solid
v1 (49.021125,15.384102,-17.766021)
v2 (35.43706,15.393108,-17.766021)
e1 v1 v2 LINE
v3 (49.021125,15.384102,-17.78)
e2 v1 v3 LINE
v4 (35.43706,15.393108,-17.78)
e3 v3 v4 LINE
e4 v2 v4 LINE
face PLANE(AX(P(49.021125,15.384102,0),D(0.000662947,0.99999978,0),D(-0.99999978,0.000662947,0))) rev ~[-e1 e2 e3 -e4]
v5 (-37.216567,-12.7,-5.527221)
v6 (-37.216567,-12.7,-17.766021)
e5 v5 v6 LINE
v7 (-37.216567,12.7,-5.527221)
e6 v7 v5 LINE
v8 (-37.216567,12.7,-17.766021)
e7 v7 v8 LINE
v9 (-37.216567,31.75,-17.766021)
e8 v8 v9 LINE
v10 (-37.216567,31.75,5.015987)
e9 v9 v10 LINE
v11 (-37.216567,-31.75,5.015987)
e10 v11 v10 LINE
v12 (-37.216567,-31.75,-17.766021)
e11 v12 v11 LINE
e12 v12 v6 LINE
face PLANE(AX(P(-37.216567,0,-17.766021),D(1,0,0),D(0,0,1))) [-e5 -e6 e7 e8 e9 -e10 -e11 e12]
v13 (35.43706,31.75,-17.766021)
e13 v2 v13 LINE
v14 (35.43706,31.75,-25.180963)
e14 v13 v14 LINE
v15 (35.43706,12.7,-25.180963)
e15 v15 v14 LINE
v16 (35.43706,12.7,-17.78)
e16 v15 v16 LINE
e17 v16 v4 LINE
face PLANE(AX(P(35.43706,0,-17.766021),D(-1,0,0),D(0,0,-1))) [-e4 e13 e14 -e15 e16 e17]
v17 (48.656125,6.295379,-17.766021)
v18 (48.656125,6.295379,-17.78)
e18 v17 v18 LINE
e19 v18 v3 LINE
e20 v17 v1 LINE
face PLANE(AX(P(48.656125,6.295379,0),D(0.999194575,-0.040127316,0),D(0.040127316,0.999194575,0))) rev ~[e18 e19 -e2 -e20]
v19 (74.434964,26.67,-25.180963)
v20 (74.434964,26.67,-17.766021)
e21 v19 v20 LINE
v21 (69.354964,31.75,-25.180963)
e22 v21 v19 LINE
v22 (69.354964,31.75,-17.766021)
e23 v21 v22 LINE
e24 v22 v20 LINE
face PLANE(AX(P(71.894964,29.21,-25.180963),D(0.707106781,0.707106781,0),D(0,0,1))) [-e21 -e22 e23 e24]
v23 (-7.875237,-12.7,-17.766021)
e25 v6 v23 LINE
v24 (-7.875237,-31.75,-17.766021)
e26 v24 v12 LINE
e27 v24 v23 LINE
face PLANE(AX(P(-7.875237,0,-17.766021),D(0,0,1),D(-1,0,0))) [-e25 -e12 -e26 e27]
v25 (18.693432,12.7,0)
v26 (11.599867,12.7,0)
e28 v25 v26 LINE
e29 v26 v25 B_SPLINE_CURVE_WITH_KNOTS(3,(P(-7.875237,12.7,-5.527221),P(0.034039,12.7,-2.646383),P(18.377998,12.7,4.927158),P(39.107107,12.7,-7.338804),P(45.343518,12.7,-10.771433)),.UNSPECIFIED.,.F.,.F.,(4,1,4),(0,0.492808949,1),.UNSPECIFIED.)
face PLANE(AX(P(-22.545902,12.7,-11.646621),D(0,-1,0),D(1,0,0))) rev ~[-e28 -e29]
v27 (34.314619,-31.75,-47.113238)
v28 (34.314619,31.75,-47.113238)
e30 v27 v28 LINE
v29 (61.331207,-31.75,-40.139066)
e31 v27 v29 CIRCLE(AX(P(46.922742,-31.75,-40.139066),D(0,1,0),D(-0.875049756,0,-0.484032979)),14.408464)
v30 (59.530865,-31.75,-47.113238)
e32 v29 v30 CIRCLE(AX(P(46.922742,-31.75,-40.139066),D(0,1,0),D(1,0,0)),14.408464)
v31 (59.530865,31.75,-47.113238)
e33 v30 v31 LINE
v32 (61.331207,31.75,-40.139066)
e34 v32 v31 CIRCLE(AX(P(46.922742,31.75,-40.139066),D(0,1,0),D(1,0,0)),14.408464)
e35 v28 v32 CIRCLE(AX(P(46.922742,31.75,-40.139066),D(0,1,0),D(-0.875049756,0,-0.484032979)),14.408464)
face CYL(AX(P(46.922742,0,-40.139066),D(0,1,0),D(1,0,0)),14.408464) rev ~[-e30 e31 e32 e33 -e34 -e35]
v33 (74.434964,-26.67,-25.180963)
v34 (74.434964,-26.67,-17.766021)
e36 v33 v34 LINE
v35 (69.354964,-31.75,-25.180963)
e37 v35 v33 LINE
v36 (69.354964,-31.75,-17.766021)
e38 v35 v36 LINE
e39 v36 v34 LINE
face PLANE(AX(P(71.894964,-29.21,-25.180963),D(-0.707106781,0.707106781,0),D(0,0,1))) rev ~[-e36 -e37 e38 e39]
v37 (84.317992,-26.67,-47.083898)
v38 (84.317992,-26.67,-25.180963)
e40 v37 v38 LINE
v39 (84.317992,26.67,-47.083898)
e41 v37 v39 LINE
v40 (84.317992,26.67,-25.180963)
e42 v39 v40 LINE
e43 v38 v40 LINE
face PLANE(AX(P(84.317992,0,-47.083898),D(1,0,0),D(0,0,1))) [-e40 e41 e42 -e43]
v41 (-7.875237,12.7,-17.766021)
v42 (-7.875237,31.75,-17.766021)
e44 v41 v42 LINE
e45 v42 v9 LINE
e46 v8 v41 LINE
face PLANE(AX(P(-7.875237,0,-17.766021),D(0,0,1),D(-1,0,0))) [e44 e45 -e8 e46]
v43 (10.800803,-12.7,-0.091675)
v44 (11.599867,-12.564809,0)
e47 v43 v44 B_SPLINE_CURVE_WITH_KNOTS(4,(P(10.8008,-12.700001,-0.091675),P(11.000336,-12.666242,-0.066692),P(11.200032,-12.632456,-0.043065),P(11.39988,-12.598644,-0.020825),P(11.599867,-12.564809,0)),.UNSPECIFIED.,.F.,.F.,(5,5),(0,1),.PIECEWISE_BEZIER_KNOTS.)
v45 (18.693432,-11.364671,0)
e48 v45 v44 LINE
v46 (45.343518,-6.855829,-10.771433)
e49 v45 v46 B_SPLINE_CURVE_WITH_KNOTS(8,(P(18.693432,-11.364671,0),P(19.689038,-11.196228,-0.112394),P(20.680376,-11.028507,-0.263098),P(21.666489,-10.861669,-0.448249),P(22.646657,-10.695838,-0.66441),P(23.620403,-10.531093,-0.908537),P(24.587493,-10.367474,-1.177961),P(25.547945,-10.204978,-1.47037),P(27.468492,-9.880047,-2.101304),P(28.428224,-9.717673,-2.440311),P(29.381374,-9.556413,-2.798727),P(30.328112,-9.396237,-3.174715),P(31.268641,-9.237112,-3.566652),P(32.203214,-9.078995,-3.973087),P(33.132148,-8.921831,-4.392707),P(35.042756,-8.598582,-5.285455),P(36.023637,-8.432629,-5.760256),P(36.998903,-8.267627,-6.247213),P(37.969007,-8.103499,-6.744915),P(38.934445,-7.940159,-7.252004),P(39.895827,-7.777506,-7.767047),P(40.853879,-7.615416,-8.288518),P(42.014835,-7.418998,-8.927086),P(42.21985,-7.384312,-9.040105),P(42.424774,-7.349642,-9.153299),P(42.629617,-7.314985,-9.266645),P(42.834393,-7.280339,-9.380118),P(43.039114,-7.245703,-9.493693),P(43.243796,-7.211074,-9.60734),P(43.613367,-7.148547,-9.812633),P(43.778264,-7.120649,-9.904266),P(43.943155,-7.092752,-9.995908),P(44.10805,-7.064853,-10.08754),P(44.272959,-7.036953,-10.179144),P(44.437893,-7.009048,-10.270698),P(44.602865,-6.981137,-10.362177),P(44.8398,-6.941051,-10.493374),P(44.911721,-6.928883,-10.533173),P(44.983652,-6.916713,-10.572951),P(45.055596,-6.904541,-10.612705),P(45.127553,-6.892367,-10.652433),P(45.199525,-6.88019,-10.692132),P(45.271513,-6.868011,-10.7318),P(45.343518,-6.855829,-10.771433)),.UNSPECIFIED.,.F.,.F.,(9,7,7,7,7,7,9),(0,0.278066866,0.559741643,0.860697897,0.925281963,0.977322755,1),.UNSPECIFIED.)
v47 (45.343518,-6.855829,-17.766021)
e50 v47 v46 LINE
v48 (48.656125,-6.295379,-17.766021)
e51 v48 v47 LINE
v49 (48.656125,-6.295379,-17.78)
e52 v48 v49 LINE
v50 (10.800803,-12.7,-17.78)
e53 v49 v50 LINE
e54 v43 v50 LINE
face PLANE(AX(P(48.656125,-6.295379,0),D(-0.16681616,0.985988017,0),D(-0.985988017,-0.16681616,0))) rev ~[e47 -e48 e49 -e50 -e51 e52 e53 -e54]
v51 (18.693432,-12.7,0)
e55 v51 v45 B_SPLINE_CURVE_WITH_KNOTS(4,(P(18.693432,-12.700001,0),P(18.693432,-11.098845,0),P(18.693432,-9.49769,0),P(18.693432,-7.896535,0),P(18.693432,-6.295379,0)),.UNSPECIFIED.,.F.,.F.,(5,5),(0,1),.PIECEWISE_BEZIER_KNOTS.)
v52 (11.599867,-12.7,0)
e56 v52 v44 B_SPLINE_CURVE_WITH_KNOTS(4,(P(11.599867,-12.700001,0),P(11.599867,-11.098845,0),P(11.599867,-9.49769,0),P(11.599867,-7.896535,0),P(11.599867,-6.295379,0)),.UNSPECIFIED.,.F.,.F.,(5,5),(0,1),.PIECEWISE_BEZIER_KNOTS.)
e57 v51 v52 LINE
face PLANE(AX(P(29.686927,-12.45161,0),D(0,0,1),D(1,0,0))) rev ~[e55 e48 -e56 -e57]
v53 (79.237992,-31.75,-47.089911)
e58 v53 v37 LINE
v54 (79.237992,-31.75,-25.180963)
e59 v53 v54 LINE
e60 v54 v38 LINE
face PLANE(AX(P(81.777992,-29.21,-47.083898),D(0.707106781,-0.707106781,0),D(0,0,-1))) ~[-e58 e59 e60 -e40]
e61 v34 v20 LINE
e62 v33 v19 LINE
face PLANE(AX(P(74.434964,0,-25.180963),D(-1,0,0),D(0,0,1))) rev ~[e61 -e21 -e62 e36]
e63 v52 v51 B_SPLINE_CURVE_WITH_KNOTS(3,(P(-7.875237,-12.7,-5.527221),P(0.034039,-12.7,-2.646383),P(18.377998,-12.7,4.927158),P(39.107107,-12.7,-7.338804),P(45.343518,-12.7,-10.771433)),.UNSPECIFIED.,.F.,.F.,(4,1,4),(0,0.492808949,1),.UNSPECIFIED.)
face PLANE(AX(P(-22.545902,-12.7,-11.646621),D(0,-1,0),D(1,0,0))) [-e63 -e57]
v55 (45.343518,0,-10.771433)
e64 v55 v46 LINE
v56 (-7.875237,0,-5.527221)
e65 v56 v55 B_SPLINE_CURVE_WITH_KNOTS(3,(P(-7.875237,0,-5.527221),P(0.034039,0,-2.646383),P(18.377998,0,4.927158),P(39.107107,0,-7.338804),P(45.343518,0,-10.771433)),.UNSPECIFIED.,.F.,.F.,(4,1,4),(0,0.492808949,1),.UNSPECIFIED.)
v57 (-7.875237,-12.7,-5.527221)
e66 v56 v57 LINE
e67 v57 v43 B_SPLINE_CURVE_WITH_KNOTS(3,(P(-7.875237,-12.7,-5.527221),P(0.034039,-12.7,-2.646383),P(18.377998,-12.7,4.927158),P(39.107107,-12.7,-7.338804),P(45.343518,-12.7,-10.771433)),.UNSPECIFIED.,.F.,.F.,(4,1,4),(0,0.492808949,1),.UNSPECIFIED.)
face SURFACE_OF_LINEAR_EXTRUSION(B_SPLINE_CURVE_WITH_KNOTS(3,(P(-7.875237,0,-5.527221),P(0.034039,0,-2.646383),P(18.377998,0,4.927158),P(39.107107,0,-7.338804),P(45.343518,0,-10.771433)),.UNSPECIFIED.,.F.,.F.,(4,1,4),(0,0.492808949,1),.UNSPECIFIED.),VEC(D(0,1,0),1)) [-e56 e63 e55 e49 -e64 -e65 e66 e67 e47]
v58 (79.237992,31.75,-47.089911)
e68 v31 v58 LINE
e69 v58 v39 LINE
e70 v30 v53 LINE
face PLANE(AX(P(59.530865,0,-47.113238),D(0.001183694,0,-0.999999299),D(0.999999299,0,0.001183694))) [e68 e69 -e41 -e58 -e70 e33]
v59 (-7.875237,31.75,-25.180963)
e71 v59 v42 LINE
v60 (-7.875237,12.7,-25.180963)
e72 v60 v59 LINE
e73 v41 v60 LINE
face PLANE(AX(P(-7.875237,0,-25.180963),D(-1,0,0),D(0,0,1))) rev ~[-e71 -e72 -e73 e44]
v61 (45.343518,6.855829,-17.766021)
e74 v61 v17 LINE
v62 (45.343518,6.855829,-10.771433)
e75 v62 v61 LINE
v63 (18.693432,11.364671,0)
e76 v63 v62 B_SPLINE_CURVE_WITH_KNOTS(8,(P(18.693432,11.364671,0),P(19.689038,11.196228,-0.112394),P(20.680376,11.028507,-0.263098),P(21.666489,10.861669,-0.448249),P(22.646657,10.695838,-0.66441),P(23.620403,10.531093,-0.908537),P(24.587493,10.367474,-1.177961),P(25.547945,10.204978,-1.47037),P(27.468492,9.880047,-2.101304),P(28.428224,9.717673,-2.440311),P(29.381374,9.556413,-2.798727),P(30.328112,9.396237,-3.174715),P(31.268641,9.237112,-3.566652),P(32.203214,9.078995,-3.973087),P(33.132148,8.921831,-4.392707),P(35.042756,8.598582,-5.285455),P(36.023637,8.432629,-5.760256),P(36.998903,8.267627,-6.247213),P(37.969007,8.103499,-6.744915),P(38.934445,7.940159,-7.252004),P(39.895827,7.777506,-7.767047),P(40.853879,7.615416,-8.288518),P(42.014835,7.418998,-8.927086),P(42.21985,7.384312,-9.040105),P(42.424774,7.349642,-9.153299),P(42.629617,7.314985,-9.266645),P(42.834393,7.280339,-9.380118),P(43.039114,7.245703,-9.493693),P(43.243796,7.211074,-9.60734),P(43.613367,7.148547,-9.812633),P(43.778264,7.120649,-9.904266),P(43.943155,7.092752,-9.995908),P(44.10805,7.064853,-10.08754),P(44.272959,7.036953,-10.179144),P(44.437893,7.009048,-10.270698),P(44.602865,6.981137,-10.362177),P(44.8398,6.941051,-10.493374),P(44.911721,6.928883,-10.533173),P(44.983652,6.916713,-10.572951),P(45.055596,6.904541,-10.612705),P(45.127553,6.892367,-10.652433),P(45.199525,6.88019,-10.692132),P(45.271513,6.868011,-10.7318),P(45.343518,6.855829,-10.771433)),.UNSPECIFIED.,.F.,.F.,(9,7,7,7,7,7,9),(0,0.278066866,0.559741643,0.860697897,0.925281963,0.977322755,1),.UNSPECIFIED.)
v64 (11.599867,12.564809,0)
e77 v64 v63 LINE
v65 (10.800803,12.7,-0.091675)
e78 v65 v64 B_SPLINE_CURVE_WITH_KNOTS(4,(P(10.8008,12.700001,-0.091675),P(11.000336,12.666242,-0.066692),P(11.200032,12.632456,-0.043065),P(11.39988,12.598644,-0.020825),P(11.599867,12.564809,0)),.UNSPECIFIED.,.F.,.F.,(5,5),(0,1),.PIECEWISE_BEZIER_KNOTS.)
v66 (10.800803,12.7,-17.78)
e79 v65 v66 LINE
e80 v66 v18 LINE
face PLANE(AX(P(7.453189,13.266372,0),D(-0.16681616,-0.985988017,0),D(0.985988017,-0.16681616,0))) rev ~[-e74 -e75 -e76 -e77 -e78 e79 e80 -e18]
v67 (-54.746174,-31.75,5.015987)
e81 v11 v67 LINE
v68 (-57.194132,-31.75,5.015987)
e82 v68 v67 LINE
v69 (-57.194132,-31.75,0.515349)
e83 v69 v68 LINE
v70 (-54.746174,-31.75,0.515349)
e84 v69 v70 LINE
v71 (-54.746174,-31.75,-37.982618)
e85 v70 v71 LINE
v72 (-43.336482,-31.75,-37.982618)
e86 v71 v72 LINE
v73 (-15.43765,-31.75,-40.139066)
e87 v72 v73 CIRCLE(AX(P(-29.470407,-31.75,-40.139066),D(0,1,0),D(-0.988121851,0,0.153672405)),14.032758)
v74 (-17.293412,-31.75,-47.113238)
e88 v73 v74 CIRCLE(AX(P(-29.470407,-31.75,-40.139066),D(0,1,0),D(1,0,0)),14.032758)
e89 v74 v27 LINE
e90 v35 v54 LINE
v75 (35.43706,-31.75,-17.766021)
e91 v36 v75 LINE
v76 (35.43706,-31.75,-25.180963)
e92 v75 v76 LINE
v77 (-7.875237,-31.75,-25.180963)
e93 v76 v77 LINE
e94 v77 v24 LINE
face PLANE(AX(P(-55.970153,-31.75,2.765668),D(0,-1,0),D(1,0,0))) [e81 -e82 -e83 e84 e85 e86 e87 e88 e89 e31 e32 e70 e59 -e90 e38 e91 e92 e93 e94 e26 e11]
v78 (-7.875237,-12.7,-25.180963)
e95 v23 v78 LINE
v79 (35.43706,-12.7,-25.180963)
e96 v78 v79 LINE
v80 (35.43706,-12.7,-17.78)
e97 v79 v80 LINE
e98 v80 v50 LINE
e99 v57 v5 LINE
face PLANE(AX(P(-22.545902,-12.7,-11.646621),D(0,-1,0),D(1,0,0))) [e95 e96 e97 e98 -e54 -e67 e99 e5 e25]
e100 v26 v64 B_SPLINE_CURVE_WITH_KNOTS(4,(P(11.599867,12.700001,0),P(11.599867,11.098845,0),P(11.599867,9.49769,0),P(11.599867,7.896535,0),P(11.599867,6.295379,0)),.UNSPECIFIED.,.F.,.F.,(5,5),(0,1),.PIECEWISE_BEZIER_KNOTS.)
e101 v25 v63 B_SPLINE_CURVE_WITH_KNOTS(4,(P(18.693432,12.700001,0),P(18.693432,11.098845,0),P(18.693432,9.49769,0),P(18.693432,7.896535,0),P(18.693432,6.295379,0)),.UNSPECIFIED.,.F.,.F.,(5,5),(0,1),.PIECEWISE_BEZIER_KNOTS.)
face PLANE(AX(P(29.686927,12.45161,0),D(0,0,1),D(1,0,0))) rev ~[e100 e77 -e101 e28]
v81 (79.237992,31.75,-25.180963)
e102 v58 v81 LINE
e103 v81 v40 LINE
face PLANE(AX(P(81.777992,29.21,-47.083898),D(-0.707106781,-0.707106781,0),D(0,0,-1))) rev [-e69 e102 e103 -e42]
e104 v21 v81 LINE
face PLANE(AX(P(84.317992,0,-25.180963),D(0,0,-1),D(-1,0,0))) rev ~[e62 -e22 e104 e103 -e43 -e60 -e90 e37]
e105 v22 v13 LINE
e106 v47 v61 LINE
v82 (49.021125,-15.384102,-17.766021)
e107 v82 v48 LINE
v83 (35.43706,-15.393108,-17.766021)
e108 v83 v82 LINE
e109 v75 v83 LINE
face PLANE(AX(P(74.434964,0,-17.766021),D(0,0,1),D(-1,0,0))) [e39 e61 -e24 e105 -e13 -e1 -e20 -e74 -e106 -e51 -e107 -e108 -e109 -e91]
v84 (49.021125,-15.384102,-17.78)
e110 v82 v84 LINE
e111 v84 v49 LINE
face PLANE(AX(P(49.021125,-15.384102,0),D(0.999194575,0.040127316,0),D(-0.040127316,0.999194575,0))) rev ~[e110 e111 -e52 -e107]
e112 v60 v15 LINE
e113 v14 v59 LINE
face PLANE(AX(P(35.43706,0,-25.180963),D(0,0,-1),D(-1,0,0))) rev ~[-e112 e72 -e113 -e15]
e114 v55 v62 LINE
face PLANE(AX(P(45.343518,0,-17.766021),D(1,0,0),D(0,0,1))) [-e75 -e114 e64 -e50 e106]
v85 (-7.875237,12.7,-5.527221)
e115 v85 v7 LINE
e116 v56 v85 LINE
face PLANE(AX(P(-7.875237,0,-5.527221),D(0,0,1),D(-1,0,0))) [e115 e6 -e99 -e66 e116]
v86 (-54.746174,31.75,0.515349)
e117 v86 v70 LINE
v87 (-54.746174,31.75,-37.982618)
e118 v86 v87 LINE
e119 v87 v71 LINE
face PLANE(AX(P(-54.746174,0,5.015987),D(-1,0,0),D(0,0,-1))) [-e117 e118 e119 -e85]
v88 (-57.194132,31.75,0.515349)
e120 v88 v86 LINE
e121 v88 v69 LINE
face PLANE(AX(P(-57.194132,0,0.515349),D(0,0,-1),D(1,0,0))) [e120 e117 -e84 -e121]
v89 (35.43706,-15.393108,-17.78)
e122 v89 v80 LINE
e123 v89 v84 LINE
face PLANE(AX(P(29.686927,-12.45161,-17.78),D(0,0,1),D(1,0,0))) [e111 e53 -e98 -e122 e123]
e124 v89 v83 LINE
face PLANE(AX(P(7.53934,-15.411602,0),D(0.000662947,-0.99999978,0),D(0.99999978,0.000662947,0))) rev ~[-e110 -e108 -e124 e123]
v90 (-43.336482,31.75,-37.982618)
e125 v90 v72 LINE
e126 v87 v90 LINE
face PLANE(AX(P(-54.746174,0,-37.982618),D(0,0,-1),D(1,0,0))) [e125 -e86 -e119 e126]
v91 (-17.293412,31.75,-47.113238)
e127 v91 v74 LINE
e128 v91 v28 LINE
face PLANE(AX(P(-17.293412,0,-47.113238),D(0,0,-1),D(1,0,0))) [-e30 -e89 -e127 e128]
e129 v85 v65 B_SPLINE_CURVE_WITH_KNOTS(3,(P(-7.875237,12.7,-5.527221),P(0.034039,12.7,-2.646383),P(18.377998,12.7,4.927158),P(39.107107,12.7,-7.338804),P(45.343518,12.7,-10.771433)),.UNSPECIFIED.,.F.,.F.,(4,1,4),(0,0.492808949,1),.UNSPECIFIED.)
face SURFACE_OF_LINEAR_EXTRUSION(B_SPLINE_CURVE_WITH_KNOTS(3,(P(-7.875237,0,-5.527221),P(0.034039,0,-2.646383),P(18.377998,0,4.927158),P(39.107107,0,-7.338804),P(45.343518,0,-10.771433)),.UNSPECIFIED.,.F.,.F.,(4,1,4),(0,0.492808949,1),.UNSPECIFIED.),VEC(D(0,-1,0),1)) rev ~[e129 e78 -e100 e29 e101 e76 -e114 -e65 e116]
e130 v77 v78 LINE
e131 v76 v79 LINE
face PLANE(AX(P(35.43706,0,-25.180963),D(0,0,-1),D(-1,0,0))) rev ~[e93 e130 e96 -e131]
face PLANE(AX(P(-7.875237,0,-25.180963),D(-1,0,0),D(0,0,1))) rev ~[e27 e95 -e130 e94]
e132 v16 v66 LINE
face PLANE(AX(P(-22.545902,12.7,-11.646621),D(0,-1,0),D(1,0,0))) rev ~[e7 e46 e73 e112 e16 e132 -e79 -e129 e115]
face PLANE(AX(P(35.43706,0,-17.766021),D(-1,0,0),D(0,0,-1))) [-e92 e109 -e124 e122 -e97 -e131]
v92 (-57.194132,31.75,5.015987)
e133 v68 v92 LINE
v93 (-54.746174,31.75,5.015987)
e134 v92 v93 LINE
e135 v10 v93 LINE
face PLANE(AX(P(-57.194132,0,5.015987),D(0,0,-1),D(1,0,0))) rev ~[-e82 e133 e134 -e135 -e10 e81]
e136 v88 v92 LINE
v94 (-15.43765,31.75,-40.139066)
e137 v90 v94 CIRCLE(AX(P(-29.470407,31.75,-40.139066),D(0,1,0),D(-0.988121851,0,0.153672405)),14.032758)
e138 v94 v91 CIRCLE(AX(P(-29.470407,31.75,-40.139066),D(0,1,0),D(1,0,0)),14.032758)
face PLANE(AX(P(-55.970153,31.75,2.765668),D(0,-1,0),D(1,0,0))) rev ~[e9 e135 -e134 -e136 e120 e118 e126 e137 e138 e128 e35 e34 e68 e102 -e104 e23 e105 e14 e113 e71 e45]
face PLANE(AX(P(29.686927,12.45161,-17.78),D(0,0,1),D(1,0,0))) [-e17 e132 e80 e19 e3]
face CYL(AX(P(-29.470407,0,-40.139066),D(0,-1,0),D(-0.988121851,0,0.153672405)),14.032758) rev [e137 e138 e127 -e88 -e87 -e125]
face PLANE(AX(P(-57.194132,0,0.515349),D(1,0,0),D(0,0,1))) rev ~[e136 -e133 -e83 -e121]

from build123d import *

# Parameters (mm, degrees)
F1_DEPTH = 31.75
F2_DEPTH = 12.7
F3_DEPTH = 12.7
F0_W     = 2.4479581043
F0_H     = 4.5006387227
F4_DEPTH = 31.75
F5_SIZE  = 5.08
F7_DEPTH = 17.78


with BuildPart() as f1:
    # F0 (on Front) → F1 (new body, symmetric)
    with BuildSketch(Plane.XZ):
        with BuildLine():
            Line((-37.2165674344, 5.0159874372), (-54.7461742535, 5.0159874372))
            Line((-54.7461742535, 5.0159874372), (-54.7461742535, 0.5153487145))
            Line((-54.7461742535, 0.5153487145), (-54.7461742535, -37.9826184362))
            Line((-54.7461742535, -37.9826184362), (-43.3364818902, -37.9826184362))
            ThreePointArc((-43.3364818902, -37.9826184362), (-28.3889674357, -26.1480412328), (-15.4376497281, -40.1390660554))
            ThreePointArc((-15.4376497281, -40.1390660554), (-15.9095240894, -43.7474911576), (-17.2934120834, -47.1132379025))
            Line((-17.2934120834, -47.1132379025), (34.3146193156, -47.1132379025))
            ThreePointArc((34.3146193156, -47.1132379025), (43.3213433173, -26.1879454869), (61.3312065818, -40.1390660554))
            ThreePointArc((61.3312065818, -40.1390660554), (60.8738629577, -43.7404651272), (59.5308654627, -47.1132379025))
            Line((59.5308654627, -47.1132379025), (84.3179924414, -47.0838975161))
            Line((84.3179924414, -47.0838975161), (84.3179924414, -25.180962868))
            Line((84.3179924414, -25.180962868), (74.4349635206, -25.180962868))
            Line((74.4349635206, -25.180962868), (74.4349635206, -17.7660211921))
            Line((74.4349635206, -17.7660211921), (45.3435182571, -17.7660211921))
            Line((45.3435182571, -17.7660211921), (35.4370600544, -17.7660211921))
            Line((35.4370600544, -17.7660211921), (35.4370600544, -25.180962868))
            Line((35.4370600544, -25.180962868), (-7.8752368445, -25.180962868))
            Line((-7.8752368445, -25.180962868), (-7.8752368445, -17.7660211921))
            Line((-7.8752368445, -17.7660211921), (-37.2165674344, -17.7660211921))
            Line((-37.2165674344, -17.7660211921), (-37.2165674344, -5.5272214778))
            Line((-37.2165674344, -5.5272214778), (-37.2165674344, 5.0159874372))
        make_face()
    extrude(amount=F1_DEPTH, both=True)

    # F0 (on Front) → F2 (join, symmetric)
    with BuildSketch(Plane.XZ):
        with BuildLine():
            add(Edge.make_bspline(
                [(-7.8752368445, -5.5272214778), (0.0340392295, -2.6463832002), (18.3779976424, 4.9271584445), (39.107106626, -7.3388037272), (45.3435182571, -10.7714328915)],
                knots=[0, 0, 0, 0, 0.4928089492, 1, 1, 1, 1], degree=3))
            Line((-7.8752368445, -5.5272214778), (-7.8752368445, -14.7637212649))
            Line((-7.8752368445, -14.7637212649), (-7.8752368445, -17.7660211921))
            Line((-7.8752368445, -17.7660211921), (-7.8752368445, -25.180962868))
            Line((-7.8752368445, -25.180962868), (35.4370600544, -25.180962868))
            Line((35.4370600544, -25.180962868), (35.4370600544, -17.7660211921))
            Line((35.4370600544, -17.7660211921), (45.3435182571, -17.7660211921))
            Line((45.3435182571, -17.7660211921), (45.3435182571, -10.7714328915))
        make_face()
    extrude(amount=F2_DEPTH, both=True)

    # F0 (on Front) → F3 (join, symmetric)
    with BuildSketch(Plane.XZ):
        Polygon((-7.8752368445, -5.5272214778), (-37.2165674344, -5.5272214778), (-37.2165674344, -17.7660211921), (-7.8752368445, -17.7660211921), (-7.8752368445, -14.7637212649), align=None)
    extrude(amount=F3_DEPTH, both=True)

    # F0 (on Front) → F4 (join, symmetric)
    with BuildSketch(Plane.XZ):
        with Locations((-55.9701533057, 2.7656680759)):
            Rectangle(F0_W, F0_H)
    extrude(amount=F4_DEPTH, both=True)

    # F5
    f5_edges = [f1.edges().sort_by_distance(p)[0] for p in [
        (74.434964, -31.75, -21.473492),
        (74.434964, 31.75, -21.473492),
        (84.317992, 31.75, -36.13243),
        (84.317992, -31.75, -36.13243),
    ]]
    chamfer(f5_edges, length=F5_SIZE)

    # F6 (on Top) → F7 (cut)
    with BuildSketch(Plane.XY):
        Polygon((7.4531887515, -13.2663722182), (7.5393404698, -15.4116023798), (49.021124661, -15.384102137), (48.6561246216, -6.2953792512), align=None)
        Polygon((48.6561246216, 6.2953792512), (49.021124661, 15.384102137), (7.5393404698, 15.4116023798), (7.4531887515, 13.2663722182), align=None)
    extrude(amount=-F7_DEPTH, mode=Mode.SUBTRACT)


solid = f1.part
